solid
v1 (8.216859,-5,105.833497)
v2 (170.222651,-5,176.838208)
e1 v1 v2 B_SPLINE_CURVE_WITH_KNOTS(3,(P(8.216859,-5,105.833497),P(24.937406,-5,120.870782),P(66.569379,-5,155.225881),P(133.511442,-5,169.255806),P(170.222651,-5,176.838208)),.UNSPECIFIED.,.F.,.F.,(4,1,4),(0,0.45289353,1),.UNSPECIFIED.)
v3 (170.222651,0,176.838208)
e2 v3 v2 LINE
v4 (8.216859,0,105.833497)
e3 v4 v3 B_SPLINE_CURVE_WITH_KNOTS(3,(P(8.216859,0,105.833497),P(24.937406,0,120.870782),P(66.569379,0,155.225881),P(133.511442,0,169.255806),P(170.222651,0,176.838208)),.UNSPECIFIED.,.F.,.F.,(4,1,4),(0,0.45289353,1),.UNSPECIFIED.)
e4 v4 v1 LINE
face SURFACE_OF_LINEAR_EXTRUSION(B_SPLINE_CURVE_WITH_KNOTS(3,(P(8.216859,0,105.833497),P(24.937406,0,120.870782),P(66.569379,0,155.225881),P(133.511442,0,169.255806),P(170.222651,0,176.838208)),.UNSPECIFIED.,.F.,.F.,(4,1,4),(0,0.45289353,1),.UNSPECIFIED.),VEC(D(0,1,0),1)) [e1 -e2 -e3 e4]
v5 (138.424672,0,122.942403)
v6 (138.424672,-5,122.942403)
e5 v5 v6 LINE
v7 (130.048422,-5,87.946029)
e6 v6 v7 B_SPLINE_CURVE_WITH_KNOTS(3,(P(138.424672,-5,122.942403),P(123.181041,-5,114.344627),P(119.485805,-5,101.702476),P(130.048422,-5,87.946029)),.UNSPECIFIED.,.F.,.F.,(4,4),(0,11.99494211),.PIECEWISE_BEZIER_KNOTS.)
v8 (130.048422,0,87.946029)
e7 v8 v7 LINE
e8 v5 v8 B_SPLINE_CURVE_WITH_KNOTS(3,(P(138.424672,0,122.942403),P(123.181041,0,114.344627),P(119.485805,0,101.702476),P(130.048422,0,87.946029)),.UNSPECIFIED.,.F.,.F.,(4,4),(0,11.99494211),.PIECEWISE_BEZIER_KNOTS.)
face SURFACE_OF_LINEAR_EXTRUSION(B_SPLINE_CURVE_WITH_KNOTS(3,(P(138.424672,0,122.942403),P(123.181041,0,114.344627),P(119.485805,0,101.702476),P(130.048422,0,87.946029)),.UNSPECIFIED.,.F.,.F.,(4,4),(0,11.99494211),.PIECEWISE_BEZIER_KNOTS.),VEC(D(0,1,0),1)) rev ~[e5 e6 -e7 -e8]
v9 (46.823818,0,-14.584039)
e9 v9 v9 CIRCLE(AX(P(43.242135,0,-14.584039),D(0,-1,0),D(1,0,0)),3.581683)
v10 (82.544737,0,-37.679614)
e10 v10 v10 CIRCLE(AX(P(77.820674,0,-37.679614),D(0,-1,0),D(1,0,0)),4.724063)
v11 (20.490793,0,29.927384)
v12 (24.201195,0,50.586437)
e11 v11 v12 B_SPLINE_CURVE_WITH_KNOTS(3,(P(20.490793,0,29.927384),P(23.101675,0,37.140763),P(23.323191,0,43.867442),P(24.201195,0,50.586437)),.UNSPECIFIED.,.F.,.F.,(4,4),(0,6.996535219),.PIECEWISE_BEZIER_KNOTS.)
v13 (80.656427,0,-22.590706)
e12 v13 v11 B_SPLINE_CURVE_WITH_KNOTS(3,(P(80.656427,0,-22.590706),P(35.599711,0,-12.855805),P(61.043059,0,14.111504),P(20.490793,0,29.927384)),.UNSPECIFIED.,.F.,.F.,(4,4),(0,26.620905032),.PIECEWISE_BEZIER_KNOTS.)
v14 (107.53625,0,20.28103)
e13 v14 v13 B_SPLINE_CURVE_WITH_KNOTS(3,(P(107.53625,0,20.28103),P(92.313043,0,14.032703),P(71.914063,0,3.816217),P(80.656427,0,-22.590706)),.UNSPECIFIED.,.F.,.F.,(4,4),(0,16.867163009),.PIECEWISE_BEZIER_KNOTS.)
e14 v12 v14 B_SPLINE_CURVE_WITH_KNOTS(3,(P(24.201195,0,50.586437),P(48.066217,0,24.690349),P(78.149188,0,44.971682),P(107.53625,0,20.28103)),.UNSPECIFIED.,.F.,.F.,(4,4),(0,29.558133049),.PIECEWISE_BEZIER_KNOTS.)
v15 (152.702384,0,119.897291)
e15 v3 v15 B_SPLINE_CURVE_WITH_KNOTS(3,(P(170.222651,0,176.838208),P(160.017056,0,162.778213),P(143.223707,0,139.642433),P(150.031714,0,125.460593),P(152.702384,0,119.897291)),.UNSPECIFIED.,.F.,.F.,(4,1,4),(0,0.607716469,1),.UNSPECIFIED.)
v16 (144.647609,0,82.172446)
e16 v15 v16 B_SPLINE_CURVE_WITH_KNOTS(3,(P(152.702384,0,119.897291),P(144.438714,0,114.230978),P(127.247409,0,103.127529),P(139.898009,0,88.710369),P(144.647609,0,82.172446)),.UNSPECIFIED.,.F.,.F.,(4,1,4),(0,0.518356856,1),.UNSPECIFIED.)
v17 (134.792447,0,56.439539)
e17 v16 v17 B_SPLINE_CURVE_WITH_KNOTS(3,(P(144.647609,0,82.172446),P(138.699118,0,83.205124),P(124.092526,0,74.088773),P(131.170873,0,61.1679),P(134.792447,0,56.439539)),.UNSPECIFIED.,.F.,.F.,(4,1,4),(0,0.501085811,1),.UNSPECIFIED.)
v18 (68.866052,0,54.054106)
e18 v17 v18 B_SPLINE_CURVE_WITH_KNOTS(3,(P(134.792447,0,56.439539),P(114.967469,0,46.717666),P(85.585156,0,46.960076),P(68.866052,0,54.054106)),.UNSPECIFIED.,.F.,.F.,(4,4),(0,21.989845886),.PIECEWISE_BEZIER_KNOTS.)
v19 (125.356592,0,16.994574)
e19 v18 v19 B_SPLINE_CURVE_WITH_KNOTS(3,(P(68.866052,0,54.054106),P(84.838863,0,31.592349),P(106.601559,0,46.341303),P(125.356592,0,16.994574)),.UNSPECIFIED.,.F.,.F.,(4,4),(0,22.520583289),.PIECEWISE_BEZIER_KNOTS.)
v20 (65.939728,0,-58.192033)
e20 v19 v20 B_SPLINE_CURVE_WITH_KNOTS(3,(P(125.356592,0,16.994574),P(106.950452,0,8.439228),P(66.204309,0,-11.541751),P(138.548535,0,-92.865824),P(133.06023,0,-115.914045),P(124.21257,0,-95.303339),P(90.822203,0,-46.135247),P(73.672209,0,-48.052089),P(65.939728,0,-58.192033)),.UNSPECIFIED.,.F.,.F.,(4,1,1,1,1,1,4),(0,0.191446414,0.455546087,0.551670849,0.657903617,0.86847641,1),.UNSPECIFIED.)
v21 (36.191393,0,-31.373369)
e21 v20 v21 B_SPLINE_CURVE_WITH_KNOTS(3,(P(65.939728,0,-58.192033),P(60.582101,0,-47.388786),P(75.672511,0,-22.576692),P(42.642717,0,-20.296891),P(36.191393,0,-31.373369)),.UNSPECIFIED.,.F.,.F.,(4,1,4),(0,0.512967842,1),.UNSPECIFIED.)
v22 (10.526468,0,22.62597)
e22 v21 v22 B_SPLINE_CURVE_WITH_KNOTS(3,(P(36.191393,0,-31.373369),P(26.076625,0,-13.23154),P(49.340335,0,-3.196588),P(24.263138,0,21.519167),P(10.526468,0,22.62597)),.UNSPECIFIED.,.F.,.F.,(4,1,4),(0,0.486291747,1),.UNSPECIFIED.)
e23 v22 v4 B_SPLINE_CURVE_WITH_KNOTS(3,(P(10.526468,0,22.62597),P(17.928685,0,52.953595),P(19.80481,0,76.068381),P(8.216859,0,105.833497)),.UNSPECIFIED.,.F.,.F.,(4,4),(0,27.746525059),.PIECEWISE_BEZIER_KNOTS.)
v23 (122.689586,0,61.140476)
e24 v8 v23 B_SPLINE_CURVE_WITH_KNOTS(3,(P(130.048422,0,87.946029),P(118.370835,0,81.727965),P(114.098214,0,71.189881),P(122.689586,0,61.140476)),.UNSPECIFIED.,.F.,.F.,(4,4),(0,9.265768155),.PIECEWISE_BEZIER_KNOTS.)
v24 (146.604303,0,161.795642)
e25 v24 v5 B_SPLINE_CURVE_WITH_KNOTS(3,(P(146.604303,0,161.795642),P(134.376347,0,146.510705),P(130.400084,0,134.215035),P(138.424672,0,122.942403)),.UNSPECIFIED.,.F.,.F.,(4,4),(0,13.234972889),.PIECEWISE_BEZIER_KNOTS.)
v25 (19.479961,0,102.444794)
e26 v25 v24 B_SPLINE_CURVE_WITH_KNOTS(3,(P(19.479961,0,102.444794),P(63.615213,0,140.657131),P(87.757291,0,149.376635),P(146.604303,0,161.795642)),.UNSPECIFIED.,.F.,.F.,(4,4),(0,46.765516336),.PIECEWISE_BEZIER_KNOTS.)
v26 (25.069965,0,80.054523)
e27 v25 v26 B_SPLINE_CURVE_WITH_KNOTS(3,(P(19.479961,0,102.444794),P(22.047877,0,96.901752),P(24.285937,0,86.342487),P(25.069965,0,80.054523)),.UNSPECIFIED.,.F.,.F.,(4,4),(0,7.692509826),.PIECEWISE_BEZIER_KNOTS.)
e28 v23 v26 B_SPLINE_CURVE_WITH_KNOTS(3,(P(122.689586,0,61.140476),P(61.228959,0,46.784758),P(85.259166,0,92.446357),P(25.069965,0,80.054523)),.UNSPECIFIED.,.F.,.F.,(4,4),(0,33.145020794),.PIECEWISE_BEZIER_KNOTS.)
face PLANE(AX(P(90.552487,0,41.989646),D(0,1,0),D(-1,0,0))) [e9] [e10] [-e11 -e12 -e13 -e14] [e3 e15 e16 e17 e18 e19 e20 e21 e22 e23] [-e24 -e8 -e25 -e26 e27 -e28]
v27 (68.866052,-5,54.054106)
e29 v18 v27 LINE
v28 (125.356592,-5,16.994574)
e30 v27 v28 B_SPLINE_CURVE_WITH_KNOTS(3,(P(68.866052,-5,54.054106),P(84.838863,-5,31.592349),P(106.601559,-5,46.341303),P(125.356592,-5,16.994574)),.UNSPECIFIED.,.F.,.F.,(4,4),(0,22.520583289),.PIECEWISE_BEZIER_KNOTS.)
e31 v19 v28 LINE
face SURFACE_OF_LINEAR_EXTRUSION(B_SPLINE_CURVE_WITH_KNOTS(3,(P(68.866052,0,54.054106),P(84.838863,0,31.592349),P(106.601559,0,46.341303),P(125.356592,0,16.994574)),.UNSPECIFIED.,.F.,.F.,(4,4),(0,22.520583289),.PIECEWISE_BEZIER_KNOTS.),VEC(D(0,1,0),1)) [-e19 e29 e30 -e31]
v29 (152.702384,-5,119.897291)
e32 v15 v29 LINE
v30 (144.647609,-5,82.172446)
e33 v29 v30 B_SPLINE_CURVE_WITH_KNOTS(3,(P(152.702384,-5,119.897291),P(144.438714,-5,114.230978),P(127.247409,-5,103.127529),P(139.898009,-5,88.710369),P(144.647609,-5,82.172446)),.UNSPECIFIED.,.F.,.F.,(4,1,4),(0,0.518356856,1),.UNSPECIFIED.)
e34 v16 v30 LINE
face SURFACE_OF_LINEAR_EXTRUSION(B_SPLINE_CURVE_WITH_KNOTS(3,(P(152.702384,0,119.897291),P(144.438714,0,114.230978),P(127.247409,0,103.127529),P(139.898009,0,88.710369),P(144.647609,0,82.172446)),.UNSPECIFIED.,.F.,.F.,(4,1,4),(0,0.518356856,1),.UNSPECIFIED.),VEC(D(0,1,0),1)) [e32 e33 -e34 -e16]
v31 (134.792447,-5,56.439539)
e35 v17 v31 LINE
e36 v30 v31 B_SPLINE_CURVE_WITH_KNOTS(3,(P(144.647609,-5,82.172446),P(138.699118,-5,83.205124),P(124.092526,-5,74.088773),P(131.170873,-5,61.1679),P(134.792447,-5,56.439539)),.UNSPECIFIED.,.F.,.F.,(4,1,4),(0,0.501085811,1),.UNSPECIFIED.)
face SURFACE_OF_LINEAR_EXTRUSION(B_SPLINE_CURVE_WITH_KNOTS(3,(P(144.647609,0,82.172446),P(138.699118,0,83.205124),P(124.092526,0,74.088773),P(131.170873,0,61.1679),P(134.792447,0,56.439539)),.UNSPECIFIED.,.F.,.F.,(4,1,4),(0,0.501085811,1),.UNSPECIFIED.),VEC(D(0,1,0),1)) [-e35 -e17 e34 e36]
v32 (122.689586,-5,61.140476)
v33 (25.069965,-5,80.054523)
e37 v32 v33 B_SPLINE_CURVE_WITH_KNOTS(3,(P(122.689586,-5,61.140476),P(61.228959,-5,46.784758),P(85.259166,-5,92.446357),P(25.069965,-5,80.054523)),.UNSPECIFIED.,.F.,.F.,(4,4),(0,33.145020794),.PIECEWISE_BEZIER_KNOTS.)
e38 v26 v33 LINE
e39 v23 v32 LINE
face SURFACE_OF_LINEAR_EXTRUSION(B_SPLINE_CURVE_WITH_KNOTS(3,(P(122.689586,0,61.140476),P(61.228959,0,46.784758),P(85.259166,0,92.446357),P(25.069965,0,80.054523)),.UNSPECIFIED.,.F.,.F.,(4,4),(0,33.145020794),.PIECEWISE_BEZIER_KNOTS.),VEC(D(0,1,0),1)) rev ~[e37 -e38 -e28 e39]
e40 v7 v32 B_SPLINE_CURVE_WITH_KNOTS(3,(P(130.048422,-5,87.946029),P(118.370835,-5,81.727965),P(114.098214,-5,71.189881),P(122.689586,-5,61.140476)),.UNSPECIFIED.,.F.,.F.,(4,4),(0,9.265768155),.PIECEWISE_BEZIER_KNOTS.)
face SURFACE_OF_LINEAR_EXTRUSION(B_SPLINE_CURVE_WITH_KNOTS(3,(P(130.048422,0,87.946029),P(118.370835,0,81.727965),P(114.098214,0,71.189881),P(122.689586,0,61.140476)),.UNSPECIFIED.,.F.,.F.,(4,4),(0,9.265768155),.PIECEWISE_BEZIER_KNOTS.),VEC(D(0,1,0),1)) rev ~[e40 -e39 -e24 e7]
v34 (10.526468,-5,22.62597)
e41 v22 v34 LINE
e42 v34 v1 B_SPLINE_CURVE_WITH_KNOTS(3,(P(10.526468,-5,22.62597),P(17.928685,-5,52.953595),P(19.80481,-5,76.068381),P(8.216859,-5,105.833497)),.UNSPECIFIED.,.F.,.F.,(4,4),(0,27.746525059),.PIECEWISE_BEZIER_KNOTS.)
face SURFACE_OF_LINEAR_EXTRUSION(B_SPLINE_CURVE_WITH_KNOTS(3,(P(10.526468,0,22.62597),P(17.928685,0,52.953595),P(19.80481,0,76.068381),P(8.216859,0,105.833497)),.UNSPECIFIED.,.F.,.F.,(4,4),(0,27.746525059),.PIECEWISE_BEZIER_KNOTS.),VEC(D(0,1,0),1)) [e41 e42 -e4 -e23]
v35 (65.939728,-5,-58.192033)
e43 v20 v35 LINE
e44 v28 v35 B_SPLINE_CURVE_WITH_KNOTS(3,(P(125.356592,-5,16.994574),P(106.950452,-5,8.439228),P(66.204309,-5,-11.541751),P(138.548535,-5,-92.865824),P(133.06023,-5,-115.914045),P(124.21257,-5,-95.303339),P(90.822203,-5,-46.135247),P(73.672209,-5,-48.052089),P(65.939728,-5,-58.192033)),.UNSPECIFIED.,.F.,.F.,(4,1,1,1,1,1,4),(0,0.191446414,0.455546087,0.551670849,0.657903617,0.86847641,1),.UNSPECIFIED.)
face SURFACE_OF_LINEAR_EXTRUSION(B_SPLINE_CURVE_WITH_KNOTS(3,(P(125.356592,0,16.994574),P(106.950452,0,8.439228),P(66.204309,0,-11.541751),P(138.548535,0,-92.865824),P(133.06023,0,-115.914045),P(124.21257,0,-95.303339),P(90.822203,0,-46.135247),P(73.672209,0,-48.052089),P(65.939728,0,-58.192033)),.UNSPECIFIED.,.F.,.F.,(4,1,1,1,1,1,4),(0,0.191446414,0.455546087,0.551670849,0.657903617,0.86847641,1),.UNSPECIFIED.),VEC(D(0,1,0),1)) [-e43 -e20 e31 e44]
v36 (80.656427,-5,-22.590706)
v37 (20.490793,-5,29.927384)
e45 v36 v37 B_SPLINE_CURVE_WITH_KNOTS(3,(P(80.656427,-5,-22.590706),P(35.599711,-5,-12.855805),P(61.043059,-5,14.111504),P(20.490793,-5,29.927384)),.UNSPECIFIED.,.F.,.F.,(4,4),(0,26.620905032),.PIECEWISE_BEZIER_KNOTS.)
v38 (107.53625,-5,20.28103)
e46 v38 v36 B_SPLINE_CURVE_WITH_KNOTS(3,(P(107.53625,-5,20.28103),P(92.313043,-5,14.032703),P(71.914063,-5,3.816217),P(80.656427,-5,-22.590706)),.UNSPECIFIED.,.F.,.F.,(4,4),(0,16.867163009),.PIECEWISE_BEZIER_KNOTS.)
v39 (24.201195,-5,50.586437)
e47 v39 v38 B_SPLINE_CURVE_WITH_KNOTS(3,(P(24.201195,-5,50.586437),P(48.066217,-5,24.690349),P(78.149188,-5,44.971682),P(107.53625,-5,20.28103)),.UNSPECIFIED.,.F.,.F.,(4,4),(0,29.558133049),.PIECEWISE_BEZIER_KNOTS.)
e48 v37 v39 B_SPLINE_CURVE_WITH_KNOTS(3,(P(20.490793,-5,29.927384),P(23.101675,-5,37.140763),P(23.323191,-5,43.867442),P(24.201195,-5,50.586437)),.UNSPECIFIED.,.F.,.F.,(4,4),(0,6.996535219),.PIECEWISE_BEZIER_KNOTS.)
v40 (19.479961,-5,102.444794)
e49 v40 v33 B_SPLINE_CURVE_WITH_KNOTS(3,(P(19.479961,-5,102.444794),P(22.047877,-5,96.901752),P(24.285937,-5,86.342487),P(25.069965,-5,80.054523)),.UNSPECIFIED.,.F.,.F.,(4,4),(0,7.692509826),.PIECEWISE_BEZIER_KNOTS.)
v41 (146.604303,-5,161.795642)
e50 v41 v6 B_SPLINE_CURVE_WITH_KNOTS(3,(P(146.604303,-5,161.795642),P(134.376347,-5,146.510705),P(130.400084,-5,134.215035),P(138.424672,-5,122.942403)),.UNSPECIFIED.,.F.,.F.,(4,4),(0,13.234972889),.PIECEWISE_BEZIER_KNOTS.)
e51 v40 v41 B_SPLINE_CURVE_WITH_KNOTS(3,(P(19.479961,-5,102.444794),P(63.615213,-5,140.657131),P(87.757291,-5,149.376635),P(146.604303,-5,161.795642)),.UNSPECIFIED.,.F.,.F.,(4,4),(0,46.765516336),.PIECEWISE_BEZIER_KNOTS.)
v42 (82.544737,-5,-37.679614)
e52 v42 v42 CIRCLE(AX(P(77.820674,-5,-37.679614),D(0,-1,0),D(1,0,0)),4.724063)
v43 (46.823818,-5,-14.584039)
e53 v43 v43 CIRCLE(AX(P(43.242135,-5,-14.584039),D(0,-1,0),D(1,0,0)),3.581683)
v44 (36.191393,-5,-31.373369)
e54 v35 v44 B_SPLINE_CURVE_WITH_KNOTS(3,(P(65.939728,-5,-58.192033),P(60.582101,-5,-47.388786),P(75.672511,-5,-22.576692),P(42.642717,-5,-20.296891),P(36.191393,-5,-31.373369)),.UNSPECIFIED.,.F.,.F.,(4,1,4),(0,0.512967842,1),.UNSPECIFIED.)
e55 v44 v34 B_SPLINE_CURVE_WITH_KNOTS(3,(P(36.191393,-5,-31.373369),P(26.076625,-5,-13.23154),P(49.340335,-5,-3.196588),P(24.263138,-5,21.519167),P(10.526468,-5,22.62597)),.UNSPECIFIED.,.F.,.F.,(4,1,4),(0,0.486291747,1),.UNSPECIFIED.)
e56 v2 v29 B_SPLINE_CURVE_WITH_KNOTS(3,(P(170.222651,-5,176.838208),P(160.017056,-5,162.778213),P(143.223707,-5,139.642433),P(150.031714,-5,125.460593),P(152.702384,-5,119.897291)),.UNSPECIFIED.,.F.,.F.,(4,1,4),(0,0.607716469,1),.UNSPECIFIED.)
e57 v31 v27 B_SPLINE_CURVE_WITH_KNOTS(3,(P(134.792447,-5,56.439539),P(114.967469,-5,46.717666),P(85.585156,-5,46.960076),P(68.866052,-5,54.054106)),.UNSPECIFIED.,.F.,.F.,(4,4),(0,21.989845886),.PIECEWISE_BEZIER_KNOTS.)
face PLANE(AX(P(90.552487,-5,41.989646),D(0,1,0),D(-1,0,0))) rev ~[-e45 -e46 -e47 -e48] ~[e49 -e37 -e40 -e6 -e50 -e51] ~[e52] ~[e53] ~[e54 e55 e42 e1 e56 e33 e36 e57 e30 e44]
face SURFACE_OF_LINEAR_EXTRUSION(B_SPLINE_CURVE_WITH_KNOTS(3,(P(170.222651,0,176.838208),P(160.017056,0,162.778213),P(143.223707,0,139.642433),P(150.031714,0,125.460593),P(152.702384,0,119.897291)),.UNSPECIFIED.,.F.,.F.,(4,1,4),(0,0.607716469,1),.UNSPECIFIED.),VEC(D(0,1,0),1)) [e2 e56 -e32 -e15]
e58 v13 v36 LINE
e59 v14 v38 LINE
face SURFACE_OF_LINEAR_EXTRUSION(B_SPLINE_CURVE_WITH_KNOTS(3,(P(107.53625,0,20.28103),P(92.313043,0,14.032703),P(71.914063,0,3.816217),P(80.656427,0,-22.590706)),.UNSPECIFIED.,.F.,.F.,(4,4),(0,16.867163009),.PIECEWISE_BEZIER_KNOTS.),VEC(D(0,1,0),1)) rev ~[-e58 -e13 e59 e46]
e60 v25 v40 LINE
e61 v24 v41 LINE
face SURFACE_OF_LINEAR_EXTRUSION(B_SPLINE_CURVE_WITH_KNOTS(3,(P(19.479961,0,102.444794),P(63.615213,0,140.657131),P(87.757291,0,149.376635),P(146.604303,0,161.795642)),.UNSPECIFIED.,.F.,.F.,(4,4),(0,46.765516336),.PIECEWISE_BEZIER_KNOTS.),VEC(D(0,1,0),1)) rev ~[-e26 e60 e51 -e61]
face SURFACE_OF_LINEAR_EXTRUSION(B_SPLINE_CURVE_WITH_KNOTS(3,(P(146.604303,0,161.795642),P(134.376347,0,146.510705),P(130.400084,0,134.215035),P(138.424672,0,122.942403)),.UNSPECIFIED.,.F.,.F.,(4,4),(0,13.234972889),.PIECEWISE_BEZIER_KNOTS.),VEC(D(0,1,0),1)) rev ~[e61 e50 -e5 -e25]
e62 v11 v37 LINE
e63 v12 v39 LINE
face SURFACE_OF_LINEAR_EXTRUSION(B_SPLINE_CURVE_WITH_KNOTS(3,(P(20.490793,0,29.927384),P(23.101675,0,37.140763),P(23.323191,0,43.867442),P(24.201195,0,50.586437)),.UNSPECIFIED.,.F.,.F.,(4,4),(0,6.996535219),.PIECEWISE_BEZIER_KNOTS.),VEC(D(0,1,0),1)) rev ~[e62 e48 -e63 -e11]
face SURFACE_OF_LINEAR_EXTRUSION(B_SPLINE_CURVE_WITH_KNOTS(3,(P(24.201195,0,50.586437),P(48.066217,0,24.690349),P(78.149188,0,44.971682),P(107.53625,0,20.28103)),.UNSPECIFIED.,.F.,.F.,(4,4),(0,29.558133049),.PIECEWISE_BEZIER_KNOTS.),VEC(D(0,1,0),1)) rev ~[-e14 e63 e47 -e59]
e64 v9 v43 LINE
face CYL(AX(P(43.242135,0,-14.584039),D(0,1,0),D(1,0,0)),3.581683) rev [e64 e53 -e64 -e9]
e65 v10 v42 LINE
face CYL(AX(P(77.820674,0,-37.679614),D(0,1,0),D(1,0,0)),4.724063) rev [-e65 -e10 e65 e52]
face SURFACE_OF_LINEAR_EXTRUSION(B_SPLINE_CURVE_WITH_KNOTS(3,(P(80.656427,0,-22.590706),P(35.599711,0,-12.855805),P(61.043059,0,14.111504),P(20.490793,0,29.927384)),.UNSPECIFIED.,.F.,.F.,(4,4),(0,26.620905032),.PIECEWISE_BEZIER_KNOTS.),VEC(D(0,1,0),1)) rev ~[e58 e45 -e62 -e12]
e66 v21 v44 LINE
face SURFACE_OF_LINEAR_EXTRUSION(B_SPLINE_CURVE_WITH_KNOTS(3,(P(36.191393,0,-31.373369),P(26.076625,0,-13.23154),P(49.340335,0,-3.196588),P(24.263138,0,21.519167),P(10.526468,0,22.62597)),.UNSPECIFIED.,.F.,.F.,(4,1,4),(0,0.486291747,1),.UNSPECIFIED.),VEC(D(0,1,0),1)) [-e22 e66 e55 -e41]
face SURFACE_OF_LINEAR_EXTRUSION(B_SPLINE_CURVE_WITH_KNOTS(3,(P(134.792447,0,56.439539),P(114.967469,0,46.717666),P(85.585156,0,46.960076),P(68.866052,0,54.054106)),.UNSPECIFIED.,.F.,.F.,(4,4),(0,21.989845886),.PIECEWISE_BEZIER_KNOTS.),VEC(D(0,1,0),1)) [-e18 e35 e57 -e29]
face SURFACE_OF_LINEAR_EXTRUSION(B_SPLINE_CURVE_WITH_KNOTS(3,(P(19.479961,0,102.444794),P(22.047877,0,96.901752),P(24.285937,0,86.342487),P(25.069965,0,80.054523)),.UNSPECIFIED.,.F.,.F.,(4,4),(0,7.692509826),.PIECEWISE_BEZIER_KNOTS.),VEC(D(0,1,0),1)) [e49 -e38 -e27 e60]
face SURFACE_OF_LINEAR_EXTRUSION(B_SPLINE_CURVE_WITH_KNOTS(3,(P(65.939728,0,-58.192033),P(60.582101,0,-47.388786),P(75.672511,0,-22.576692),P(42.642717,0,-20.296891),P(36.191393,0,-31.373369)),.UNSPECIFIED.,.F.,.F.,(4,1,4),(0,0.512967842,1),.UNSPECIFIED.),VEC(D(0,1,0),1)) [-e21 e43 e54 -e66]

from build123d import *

# Parameters (mm, degrees)
F0_R     = 1.1938944238
F0_R_2   = 1.574687693
F1_DEPTH = 1.6666666667
F2_SCALE = 3


with BuildPart() as f1:
    # F0 (on Front) → F1 (new body)
    with BuildSketch(Plane.XZ):
        with BuildLine():
            add(Edge.make_bspline(
                [(2.7389528695, 35.2778322995), (8.3124687899, 40.2902608304), (22.1897929106, 51.7419603695), (44.503813944, 56.4186019834), (56.7408837378, 58.94606933)],
                knots=[0, 0, 0, 0, 0.4528935295, 1, 1, 1, 1], degree=3))
            add(Edge.make_bspline(
                [(3.5088227596, 7.5419899076), (5.9762282763, 17.6511984318), (6.601603236, 25.3561269492), (2.7389528695, 35.2778322995)],
                knots=[0, 0, 0, 0, 27.7465250587, 27.7465250587, 27.7465250587, 27.7465250587], degree=3))
            add(Edge.make_bspline(
                [(12.0637975633, -10.4577895254), (8.6922084312, -4.4105133752), (16.4467783949, -1.0655293708), (8.0877125408, 7.1730557597), (3.5088227596, 7.5419899076)],
                knots=[0, 0, 0, 0, 0.4862917469, 1, 1, 1, 1], degree=3))
            add(Edge.make_bspline(
                [(21.9799093902, -19.3973444402), (20.194033703, -15.7962620755), (25.2241702541, -7.5255640825), (14.2142388933, -6.7656304521), (12.0637975633, -10.4577895254)],
                knots=[0, 0, 0, 0, 0.5129678421, 1, 1, 1, 1], degree=3))
            add(Edge.make_bspline(
                [(41.785530746, 5.6648580357), (35.6501506637, 2.8130760865), (22.0681029147, -3.8472502711), (46.1828450525, -30.955274764), (44.353410134, -38.6380149289), (41.404190055, -31.7677797565), (30.2740675882, -15.3784156403), (24.5574029485, -16.0173629454), (21.9799093902, -19.3973444402)],
                knots=[0, 0, 0, 0, 0.1914464139, 0.4555460868, 0.5516708491, 0.6579036174, 0.8684764096, 1, 1, 1, 1], degree=3))
            add(Edge.make_bspline(
                [(22.9553505778, 18.0180352181), (28.2796211541, 10.5307828635), (35.5338528752, 15.4471010901), (41.785530746, 5.6648580357)],
                knots=[0, 0, 0, 0, 22.5205832887, 22.5205832887, 22.5205832887, 22.5205832887], degree=3))
            add(Edge.make_bspline(
                [(44.9308156967, 18.8131798059), (38.3224897087, 15.5725553632), (28.5283853844, 15.6533586681), (22.9553505778, 18.0180352181)],
                knots=[0, 0, 0, 0, 21.9898458864, 21.9898458864, 21.9898458864, 21.9898458864], degree=3))
            add(Edge.make_bspline(
                [(48.2158698142, 27.3908153176), (46.2330393493, 27.7350414544), (41.3641753197, 24.6962576421), (43.7236241996, 20.3892998397), (44.9308156967, 18.8131798059)],
                knots=[0, 0, 0, 0, 0.501085811, 1, 1, 1, 1], degree=3))
            add(Edge.make_bspline(
                [(50.9007945657, 39.9657636881), (48.1462378632, 38.0769925547), (42.4158028616, 34.3758430292), (46.6326697721, 29.5701230423), (48.2158698142, 27.3908153176)],
                knots=[0, 0, 0, 0, 0.5183568565, 1, 1, 1, 1], degree=3))
            add(Edge.make_bspline(
                [(56.7408837378, 58.94606933), (53.3390187043, 54.2594043997), (47.7412355117, 46.5474775837), (50.0105714498, 41.8201977252), (50.9007945657, 39.9657636881)],
                knots=[0, 0, 0, 0, 0.6077164685, 1, 1, 1, 1], degree=3))
        make_face()
        with Locations((14.4140450284, -4.861346446)):
            Circle(F0_R, mode=Mode.SUBTRACT)
        with Locations((25.9402245283, -12.5598711893)):
            Circle(F0_R_2, mode=Mode.SUBTRACT)
        with BuildLine():
            add(Edge.make_bspline(
                [(6.8302643485, 9.9757947028), (7.7005582862, 12.3802544549), (7.7743970113, 14.6224805994), (8.0670651304, 16.8621456159)],
                knots=[0, 0, 0, 0, 6.9965352192, 6.9965352192, 6.9965352192, 6.9965352192], degree=3))
            add(Edge.make_bspline(
                [(8.0670651304, 16.8621456159), (16.0220723854, 8.2301162092), (26.0497292167, 14.9905605221), (35.8454168098, 6.7603434345)],
                knots=[0, 0, 0, 0, 29.558133049, 29.558133049, 29.558133049, 29.558133049], degree=3))
            add(Edge.make_bspline(
                [(35.8454168098, 6.7603434345), (30.7710144924, 4.6775676219), (23.971354206, 1.2720723328), (26.8854755805, -7.5302353204)],
                knots=[0, 0, 0, 0, 16.8671630093, 16.8671630093, 16.8671630093, 16.8671630093], degree=3))
            add(Edge.make_bspline(
                [(26.8854755805, -7.5302353204), (11.8665704504, -4.2852684855), (20.3476864845, 4.7038346529), (6.8302643485, 9.9757947028)],
                knots=[0, 0, 0, 0, 26.6209050322, 26.6209050322, 26.6209050322, 26.6209050322], degree=3))
        make_face(mode=Mode.SUBTRACT)
        with BuildLine():
            add(Edge.make_bspline(
                [(6.4933202229, 34.1482646763), (7.349292282, 32.3005840182), (8.0953123979, 28.7808291614), (8.3566550165, 26.6848411411)],
                knots=[0, 0, 0, 0, 7.6925098257, 7.6925098257, 7.6925098257, 7.6925098257], degree=3))
            add(Edge.make_bspline(
                [(6.4933202229, 34.1482646763), (21.2050708942, 46.8857102096), (29.2524304241, 49.7922115028), (48.8681010902, 53.9318807423)],
                knots=[0, 0, 0, 0, 46.7655163362, 46.7655163362, 46.7655163362, 46.7655163362], degree=3))
            add(Edge.make_bspline(
                [(48.8681010902, 53.9318807423), (44.7921156883, 48.8369017839), (43.466694653, 44.7383448482), (46.1415573955, 40.9808009863)],
                knots=[0, 0, 0, 0, 13.2349728888, 13.2349728888, 13.2349728888, 13.2349728888], degree=3))
            add(Edge.make_bspline(
                [(46.1415573955, 40.9808009863), (41.06034711, 38.114875555), (39.8286016248, 33.9008253132), (43.3494740688, 29.3153431331)],
                knots=[0, 0, 0, 0, 11.9949421102, 11.9949421102, 11.9949421102, 11.9949421102], degree=3))
            add(Edge.make_bspline(
                [(43.3494740688, 29.3153431331), (39.4569449127, 27.2426549345), (38.032737934, 23.7299603356), (40.8965287739, 20.3801588101)],
                knots=[0, 0, 0, 0, 9.2657681552, 9.2657681552, 9.2657681552, 9.2657681552], degree=3))
            add(Edge.make_bspline(
                [(40.8965287739, 20.3801588101), (20.4096529633, 15.5949192122), (28.4197218716, 30.8154523373), (8.3566550165, 26.6848411411)],
                knots=[0, 0, 0, 0, 33.145020794, 33.145020794, 33.145020794, 33.145020794], degree=3))
        make_face(mode=Mode.SUBTRACT)
    extrude(amount=F1_DEPTH)


with BuildPart() as f1_1:
    # F2: moved
    add(f1.part.scale(F2_SCALE))


solid = f1_1.part
